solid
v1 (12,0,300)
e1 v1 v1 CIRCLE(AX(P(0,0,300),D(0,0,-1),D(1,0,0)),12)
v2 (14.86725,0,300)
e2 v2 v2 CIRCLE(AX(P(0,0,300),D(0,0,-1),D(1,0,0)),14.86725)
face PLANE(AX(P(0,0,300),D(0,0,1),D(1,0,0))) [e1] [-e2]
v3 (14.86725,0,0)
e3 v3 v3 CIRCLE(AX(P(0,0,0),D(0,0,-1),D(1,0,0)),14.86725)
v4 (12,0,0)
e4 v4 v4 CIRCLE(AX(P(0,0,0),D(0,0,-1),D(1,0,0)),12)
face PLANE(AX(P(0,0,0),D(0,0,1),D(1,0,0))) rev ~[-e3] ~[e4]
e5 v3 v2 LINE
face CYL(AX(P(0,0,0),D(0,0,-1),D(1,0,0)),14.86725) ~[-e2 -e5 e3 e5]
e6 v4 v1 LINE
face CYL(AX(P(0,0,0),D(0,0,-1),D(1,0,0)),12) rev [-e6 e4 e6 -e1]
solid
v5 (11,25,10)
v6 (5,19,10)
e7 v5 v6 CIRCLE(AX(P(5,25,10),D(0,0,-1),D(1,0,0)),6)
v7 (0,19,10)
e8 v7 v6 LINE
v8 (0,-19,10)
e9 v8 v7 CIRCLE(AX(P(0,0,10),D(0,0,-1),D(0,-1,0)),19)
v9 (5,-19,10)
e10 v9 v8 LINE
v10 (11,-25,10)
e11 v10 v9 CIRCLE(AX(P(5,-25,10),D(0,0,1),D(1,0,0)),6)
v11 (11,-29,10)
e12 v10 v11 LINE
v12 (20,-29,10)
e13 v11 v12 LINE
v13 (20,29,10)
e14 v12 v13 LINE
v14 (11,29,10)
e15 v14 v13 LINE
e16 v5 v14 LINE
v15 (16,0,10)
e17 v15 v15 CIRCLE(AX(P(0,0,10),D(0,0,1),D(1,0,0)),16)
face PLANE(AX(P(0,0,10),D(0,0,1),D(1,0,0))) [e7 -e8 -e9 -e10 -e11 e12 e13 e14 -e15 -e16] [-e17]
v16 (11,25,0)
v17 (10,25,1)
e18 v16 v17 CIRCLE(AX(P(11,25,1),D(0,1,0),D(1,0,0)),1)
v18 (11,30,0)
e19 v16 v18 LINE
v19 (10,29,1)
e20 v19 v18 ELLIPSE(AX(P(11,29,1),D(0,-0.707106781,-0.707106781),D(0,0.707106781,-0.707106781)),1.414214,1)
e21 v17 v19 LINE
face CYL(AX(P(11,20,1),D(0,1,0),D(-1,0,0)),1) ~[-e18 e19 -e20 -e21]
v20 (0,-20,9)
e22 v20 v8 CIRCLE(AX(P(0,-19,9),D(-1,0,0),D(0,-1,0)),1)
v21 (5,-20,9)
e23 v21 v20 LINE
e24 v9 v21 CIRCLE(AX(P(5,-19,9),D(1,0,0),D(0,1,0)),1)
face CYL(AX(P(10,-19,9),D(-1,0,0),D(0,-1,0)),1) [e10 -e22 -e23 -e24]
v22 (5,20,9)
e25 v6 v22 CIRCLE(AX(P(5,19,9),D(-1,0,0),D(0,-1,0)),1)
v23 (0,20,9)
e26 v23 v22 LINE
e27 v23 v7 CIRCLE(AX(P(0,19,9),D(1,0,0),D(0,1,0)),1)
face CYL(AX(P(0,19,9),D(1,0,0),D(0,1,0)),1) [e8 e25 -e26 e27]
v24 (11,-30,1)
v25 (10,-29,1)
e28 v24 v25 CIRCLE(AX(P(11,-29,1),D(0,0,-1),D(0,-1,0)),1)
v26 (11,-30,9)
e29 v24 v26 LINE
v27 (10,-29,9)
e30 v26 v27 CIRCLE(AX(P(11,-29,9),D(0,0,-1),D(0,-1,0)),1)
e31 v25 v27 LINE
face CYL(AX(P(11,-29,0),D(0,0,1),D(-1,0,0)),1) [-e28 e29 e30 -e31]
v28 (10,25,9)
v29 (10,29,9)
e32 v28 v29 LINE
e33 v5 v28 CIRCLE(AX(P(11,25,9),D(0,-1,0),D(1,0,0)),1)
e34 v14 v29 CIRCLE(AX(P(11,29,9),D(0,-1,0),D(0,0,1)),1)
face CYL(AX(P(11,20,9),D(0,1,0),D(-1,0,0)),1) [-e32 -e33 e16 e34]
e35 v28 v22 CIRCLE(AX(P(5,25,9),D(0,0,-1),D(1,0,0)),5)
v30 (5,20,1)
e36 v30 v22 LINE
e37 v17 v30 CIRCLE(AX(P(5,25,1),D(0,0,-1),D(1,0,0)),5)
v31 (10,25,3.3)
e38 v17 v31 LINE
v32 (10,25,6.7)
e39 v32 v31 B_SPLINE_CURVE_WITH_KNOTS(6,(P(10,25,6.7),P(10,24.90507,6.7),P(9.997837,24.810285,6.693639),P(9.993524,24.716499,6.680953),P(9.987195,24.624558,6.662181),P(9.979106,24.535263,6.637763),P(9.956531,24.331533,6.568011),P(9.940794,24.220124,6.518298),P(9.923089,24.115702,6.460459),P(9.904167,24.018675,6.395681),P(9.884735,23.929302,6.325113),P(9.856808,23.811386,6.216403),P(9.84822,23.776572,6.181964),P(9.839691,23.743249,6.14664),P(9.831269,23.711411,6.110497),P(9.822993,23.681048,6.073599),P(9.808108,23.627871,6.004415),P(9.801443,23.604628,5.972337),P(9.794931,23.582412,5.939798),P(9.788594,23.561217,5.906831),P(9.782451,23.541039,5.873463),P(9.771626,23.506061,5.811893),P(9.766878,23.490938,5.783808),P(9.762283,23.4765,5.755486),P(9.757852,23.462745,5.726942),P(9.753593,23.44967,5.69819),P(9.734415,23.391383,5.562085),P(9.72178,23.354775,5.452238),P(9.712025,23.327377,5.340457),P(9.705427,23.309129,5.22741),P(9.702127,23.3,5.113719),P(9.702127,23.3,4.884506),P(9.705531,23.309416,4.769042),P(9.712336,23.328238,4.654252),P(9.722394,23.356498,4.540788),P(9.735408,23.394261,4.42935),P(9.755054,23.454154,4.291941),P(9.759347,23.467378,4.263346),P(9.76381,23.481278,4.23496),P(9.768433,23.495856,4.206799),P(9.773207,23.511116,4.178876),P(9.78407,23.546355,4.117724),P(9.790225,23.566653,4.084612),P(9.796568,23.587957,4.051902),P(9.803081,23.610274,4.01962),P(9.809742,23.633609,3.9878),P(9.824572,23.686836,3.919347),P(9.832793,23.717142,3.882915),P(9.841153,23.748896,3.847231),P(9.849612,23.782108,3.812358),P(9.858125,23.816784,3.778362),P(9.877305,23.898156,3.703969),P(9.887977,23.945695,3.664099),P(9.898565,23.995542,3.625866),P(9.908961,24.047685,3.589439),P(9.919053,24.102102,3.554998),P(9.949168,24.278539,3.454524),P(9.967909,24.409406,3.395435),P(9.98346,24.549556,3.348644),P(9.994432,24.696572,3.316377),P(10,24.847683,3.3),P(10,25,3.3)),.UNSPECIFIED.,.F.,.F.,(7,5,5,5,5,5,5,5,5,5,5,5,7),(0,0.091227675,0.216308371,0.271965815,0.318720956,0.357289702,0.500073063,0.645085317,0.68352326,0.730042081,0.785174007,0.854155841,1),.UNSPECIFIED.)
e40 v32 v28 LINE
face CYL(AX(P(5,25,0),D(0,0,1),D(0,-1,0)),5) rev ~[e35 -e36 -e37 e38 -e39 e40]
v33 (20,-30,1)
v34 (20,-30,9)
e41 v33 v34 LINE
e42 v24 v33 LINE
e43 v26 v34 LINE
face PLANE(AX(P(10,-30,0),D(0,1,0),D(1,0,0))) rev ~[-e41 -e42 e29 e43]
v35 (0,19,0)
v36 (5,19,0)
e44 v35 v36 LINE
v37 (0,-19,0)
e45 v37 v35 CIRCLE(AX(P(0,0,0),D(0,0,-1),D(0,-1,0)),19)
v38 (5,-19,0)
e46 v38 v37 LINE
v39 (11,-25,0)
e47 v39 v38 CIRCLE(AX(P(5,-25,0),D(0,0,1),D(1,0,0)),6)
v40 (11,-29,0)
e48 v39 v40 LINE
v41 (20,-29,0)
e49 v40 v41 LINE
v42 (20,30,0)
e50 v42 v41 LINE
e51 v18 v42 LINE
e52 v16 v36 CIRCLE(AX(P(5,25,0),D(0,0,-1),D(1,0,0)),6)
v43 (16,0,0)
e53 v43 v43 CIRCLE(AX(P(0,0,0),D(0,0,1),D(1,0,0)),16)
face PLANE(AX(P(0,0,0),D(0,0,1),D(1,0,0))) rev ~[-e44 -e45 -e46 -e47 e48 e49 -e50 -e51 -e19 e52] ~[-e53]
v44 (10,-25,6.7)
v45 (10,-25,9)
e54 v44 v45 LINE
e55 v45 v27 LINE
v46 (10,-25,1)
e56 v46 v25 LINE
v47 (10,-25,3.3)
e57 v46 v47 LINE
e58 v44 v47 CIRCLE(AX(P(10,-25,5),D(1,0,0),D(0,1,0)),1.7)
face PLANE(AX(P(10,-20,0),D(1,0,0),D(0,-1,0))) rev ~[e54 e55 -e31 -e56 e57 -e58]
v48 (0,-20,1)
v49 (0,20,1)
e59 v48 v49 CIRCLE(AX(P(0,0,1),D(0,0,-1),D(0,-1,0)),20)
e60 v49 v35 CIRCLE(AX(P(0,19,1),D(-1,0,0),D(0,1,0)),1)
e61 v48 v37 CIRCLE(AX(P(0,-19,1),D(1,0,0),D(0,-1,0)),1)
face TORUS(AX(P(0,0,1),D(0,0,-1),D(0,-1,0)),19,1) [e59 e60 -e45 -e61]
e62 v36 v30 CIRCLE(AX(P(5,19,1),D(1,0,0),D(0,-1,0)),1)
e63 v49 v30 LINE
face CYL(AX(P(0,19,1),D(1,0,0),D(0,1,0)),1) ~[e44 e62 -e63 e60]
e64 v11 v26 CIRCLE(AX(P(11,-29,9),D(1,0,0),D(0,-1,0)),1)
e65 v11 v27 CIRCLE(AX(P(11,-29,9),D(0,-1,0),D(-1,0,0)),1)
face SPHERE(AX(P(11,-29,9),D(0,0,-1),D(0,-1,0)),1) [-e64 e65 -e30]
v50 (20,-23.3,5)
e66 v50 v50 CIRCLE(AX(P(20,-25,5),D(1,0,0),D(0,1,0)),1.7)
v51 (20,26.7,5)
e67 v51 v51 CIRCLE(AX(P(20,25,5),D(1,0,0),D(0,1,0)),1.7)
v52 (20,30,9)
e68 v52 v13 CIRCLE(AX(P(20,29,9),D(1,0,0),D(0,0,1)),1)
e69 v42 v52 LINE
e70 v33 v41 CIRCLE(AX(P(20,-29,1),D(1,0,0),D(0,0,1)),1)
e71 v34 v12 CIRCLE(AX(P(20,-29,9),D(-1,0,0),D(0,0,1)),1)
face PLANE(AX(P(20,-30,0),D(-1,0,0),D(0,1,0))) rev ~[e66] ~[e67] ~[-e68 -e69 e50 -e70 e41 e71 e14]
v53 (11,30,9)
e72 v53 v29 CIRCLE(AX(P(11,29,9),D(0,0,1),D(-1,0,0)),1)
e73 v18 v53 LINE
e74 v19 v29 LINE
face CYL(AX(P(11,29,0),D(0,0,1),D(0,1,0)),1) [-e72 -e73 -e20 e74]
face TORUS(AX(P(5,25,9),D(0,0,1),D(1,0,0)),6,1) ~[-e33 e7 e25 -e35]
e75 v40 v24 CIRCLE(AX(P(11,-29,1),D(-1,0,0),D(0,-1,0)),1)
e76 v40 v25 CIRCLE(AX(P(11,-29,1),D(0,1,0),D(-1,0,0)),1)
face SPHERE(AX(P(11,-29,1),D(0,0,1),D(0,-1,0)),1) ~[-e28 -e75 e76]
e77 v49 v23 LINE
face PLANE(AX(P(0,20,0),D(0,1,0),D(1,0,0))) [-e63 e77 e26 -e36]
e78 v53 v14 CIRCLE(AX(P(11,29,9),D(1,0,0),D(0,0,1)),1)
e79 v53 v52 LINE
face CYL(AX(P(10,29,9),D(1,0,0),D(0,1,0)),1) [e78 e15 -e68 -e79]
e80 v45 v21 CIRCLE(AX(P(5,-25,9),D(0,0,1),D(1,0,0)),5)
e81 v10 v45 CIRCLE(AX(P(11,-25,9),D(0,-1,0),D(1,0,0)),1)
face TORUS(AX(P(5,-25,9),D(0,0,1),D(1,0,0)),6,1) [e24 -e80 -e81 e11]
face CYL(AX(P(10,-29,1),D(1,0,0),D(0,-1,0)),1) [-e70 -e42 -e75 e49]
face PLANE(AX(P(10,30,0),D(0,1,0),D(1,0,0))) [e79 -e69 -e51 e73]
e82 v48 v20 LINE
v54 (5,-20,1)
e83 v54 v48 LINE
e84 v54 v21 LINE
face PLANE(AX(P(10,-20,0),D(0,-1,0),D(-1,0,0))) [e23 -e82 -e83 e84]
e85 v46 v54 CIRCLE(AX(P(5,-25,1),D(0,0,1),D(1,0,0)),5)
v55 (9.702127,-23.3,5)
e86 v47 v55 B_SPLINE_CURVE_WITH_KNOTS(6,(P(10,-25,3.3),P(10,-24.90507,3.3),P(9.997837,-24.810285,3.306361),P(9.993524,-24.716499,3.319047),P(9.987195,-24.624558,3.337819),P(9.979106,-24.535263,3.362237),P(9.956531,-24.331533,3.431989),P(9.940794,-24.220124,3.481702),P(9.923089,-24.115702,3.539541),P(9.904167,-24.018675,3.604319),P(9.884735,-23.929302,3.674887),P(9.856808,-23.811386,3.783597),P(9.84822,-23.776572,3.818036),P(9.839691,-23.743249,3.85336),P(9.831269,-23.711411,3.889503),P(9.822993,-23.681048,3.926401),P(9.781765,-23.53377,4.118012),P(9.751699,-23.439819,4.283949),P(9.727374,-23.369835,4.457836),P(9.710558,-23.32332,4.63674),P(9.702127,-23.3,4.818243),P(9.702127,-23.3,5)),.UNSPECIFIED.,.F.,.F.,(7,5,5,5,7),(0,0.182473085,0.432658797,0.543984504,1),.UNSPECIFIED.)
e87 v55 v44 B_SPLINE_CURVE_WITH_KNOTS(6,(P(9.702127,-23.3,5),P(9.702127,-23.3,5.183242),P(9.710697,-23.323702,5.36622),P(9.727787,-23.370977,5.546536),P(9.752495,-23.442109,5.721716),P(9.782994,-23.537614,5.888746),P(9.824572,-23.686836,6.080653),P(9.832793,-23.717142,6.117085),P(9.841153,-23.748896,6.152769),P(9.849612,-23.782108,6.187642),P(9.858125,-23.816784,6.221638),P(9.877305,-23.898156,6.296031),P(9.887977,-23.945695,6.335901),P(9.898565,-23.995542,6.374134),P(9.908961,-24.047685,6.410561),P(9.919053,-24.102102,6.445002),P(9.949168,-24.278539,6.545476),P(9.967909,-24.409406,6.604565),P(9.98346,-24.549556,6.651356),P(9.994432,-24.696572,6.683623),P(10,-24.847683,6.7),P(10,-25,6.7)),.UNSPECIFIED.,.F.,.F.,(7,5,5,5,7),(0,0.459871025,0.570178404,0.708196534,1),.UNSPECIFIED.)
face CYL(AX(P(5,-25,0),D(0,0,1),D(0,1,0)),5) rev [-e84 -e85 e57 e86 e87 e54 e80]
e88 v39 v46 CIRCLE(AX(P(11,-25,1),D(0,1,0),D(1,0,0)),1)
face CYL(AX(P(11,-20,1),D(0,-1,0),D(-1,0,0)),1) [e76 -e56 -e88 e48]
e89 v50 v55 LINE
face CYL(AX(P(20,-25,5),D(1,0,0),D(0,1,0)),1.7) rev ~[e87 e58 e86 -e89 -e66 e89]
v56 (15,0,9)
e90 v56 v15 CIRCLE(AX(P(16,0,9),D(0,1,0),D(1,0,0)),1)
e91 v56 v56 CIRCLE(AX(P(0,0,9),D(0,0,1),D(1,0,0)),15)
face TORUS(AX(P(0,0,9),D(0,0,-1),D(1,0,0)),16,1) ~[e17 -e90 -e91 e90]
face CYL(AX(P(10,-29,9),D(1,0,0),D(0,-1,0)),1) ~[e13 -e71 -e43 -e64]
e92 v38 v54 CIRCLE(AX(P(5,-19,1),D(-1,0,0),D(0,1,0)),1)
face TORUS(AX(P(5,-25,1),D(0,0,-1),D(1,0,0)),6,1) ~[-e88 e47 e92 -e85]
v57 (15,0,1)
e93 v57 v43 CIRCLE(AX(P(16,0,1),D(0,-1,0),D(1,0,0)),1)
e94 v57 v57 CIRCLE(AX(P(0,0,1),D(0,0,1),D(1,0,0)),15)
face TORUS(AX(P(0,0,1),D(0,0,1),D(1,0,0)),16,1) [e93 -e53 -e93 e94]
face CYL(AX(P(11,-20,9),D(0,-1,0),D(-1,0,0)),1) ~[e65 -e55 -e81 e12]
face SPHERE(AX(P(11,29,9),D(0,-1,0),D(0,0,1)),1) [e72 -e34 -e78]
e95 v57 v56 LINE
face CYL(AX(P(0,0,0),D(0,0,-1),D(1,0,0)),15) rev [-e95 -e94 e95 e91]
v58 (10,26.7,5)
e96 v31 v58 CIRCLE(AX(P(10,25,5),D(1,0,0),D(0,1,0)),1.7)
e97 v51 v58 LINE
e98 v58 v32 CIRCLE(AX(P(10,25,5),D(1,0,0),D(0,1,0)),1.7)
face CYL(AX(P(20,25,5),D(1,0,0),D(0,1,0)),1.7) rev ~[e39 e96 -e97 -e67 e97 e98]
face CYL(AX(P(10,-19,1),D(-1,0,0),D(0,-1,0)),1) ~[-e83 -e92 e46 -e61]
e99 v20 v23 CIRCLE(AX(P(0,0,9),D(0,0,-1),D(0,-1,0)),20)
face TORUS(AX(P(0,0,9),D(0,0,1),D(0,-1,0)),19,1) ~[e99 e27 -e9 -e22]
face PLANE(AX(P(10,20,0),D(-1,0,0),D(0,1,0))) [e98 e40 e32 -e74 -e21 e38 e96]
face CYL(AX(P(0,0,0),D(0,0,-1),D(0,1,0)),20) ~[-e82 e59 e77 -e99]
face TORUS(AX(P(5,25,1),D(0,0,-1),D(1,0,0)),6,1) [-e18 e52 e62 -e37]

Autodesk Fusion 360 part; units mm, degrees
sketch "Esquisse1" plane through (0, 0, 0) normal (0, 0, 1) x (1, 0, 0) in component "Pipe"
  circle A0 centre (0, 0) radius 15
  circle A1 centre (0, 0) radius 12
  dimension "d8" = 30
  dimension "d9" = 3
extrude "Extrusion1" add sketch "Esquisse1" along normal blind 300 makes body 1 in component "Pipe"
thread "Filetage1" "ISO Metric profile 30.0 M30x3.5 6g" major diameter 29.7345 minor diameter 25.732 pitch 3.5 angle 60 resizes the face on face at (14.9814, -0.7477, 200) on bodies 1 in component "Pipe"
sketch "Esquisse1 (2)" plane through (0, 0, 0) normal (0, 0, 1) x (1, 0, 0) in component "Pipe_Support"
  circle A0 centre (0, 0) radius 15
  line L0 (0, 20) -> (20, 20)
  line L1 (20, 20) -> (20, -20)
  line L2 (20, -20) -> (0, -20)
  line L3 (0, -20) -> (0, 20) construction
  arc A1 (0, 20) -> (0, -20) centre (0, 0) ccw
  line L4 (20, -20) -> (10, -20)
  line L5 (10, -20) -> (10, -30)
  line L6 (10, -30) -> (20, -30)
  line L7 (20, -30) -> (20, -20)
  line L8 (20, 20) -> (10, 20)
  line L9 (10, 20) -> (10, 30)
  line L10 (10, 30) -> (20, 30)
  line L11 (20, 30) -> (20, 20)
  dimension "d12" = 30
  dimension "d13" = 5
  dimension "d14" = 20
  dimension "d15" = 40
  dimension "d16" = 20
  dimension "d17" = 20
  dimension "d20" = 10
  dimension "d21" = 10
  dimension "d22" = 10
  dimension "d23" = 10
extrude "Extrusion1'" add sketch "Esquisse1 (2)" along normal blind 10 separate body makes body 2 in component "Pipe_Support"
fillet "Congé1" radius 5 2 edges at (10, -20, 5) (10, 20, 5) on bodies 2 in component "Pipe_Support"
fillet "Congé1" radius 1 17 edges at (10, -30, 5) (15, -30, 10) (15, -30, 0) (10, -25, 10) (10, -25, 0) (10, 25, 10) (15, 30, 10) (10, 25, 0) (10, 30, 5) (5, 20, 10) (-20, 0, 10) (5, -20, 10) (5, 20, 0) (-20, 0, 0) (5, -20, 0) (-13.9849, 5.4242, 10) (-13.9849, 5.4242, 0) on bodies 2 in component "Pipe_Support"
sketch "Esquisse2" plane through (20, 0, 0) normal (1, 0, 0) x (0, 1, 0) in component "Pipe_Support"
  arc A0 (30, 9) -> (29, 10) centre (29, 9) ccw
  line L0 (29, 10) -> (-29, 10)
  arc A1 (-29, 10) -> (-30, 9) centre (-29, 9) ccw
  line L1 (-30, 9) -> (-30, 1)
  arc A2 (-30, 1) -> (-29, 0) centre (-29, 1) ccw
  line L2 (-29, 0) -> (30, 0)
  line L3 (30, 0) -> (30, 9)
  line L4 (-30, 10) -> (-20, 10) construction
  line L5 (-20, 10) -> (-20, 0) construction
  line L6 (-20, 0) -> (-30, 0) construction
  line L7 (-30, 0) -> (-30, 10) construction
  circle A3 centre (-25, 5) radius 1.7
  line L8 (0, 0) -> (0, 10) construction
  circle A4 centre (25, 5) radius 1.7
  dimension "d28" = 10
  dimension "d29" = 10
  dimension "d31" = 10
  dimension "d32" = 3.4
  dimension "d33" = 5
  dimension "d34" = 5
  dimension "d37" = 20
extrude "Extrusion2" cut sketch "Esquisse2" against normal through all contours A3 | A4 bodies 2 in component "Pipe_Support"
component "Pipe" placed x (1, 0, 0) y (0, 1, 0) z (0, 0, 1) at (0, 0, 0)
component "Pipe_Support" placed x (1, 0, 0) y (0, 1, 0) z (0, 0, 1) at (0, 0, 0)
equation "d14 = d12 / 2 + d13"
equation "d15 = d12 + 2 * d13"
equation "d16 = d14"
equation "d17 = d12 / 2 + d13"
